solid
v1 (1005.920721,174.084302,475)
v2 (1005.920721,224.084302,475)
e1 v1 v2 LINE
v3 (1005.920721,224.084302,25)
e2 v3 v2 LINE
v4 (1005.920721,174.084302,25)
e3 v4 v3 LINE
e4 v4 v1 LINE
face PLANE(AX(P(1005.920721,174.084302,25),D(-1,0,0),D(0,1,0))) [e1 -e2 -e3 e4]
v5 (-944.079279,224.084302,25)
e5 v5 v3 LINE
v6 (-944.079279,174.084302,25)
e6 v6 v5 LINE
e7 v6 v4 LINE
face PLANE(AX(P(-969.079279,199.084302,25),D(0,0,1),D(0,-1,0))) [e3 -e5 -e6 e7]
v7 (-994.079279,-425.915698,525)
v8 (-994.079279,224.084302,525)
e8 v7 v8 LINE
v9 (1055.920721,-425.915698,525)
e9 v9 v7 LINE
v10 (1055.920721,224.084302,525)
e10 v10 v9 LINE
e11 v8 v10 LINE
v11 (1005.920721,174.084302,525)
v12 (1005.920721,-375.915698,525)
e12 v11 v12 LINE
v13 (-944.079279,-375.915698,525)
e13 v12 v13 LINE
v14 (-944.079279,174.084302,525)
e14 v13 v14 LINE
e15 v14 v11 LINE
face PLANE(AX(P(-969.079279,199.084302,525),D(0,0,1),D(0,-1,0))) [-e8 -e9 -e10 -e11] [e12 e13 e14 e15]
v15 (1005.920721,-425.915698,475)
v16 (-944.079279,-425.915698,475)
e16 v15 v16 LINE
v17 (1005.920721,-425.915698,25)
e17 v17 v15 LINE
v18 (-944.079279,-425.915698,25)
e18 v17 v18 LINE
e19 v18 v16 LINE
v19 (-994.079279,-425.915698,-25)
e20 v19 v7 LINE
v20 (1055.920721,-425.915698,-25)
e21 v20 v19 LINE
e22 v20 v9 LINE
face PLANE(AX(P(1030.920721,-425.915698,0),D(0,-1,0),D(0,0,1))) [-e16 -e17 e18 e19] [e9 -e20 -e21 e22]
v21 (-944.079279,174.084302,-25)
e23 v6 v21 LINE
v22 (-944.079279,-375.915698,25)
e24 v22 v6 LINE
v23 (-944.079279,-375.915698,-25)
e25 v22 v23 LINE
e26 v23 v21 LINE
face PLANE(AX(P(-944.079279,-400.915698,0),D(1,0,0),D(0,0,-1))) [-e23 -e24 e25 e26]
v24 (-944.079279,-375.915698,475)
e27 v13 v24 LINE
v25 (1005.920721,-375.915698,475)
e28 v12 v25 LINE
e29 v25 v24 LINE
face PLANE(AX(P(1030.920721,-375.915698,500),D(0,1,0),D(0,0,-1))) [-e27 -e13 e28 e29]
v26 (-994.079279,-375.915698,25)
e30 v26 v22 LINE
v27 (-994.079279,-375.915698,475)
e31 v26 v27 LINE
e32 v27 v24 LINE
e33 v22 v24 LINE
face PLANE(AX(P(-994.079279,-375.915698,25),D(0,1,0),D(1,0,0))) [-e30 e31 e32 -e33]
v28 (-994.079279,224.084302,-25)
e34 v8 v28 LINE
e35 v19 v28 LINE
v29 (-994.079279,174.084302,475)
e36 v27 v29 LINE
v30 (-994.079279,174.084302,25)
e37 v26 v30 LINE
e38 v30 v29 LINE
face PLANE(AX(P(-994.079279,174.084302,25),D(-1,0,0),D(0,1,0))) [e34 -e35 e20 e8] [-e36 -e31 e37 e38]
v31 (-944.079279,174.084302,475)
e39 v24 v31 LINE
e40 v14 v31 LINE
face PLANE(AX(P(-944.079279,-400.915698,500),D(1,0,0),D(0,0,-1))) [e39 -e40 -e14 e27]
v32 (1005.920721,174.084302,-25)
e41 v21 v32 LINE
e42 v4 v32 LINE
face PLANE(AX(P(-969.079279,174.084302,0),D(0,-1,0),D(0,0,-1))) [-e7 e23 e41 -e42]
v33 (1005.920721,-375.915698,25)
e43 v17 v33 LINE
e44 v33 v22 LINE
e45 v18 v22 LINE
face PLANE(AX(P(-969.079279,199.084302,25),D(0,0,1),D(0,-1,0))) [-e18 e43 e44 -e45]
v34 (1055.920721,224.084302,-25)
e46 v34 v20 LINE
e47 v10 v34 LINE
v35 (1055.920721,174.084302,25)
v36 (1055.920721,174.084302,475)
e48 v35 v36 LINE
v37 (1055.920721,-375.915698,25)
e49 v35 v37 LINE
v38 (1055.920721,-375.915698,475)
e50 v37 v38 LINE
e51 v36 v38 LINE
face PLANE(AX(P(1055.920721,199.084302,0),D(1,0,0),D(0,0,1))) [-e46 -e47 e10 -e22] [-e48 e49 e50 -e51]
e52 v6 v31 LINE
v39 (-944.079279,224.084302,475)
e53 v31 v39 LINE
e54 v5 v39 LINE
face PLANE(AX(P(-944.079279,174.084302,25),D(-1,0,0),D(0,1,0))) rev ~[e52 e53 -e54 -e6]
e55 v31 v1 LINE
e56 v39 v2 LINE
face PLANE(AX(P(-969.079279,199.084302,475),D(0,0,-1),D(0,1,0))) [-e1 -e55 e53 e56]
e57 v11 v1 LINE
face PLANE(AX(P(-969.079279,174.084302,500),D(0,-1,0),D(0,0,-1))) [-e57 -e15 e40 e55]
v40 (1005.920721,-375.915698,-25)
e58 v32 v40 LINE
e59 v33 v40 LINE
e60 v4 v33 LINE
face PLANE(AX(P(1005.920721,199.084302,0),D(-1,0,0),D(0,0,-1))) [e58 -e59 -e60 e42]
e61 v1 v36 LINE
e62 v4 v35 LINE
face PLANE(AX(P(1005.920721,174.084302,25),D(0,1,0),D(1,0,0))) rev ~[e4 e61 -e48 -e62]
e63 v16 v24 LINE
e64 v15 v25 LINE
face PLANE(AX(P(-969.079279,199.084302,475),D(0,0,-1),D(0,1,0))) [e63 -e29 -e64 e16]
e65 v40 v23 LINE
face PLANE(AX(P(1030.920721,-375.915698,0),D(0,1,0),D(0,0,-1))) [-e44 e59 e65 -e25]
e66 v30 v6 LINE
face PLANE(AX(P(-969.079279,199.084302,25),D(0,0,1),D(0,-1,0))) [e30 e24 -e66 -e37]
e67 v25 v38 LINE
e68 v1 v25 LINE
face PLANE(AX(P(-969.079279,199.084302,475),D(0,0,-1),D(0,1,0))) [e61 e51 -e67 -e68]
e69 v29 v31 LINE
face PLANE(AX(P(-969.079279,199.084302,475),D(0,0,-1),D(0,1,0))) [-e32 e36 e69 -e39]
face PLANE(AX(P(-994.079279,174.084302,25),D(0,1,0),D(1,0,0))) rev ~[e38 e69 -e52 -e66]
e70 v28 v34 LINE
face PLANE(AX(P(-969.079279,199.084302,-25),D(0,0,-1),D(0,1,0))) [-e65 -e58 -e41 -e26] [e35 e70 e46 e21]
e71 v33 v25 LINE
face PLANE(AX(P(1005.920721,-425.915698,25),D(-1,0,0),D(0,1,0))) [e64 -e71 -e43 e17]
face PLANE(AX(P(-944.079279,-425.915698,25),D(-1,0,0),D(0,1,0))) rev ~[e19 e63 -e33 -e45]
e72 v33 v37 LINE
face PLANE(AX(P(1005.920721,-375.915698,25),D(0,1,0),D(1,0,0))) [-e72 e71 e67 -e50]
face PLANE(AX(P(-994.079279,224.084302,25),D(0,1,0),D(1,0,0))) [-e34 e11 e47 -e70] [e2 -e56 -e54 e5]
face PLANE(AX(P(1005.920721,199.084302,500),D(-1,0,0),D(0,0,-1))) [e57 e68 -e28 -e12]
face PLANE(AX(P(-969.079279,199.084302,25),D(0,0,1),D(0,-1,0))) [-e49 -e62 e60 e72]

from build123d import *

# Parameters (mm, degrees)
F1_W     = 50
F1_H     = 50
F4_W     = 50
F4_H     = 50
F5_DEPTH = 450


with BuildPart() as f2:
    # F2: sweep along a path in F0
    with BuildLine(Plane.XY) as f2_path:
        Line((-969.0792792215, 199.0843022242), (1030.9207207785, 199.0843022242))
        Line((1030.9207207785, 199.0843022242), (1030.9207207785, -400.9156977758))
        Line((1030.9207207785, -400.9156977758), (-969.0792792215, -400.9156977758))
        Line((-969.0792792215, -400.9156977758), (-969.0792792215, 199.0843022242))
    # F1 (on Right) → F2 (sweep)
    with BuildSketch(Plane.YZ):
        with Locations((199.0843022242, 0)):
            Rectangle(F1_W, F1_H)
    sweep(path=f2_path.line, transition=Transition.RIGHT)


with BuildPart() as f3_1:
    # F3: copy of F2
    add(f2.part.moved(Location((0, 0, 500))))


with BuildPart() as f2_1:
    add(f2.part)

    add(f3_1.part)  # F5 merges F3_1
    # F4 (on face) → F5 (join, through all)
    with BuildSketch(Plane.XY.offset(25)):
        with Locations((-969.0792792215, 199.0843022242)):
            Rectangle(F4_W, F4_H)
        with Locations((-969.0792792215, -400.9156977758)):
            Rectangle(F4_W, F4_H)
        with Locations((1030.9207207785, -400.9156977758)):
            Rectangle(F4_W, F4_H)
        with Locations((1030.9207207785, 199.0843022242)):
            Rectangle(F4_W, F4_H)
    extrude(amount=F5_DEPTH)


solid = f2_1.part
